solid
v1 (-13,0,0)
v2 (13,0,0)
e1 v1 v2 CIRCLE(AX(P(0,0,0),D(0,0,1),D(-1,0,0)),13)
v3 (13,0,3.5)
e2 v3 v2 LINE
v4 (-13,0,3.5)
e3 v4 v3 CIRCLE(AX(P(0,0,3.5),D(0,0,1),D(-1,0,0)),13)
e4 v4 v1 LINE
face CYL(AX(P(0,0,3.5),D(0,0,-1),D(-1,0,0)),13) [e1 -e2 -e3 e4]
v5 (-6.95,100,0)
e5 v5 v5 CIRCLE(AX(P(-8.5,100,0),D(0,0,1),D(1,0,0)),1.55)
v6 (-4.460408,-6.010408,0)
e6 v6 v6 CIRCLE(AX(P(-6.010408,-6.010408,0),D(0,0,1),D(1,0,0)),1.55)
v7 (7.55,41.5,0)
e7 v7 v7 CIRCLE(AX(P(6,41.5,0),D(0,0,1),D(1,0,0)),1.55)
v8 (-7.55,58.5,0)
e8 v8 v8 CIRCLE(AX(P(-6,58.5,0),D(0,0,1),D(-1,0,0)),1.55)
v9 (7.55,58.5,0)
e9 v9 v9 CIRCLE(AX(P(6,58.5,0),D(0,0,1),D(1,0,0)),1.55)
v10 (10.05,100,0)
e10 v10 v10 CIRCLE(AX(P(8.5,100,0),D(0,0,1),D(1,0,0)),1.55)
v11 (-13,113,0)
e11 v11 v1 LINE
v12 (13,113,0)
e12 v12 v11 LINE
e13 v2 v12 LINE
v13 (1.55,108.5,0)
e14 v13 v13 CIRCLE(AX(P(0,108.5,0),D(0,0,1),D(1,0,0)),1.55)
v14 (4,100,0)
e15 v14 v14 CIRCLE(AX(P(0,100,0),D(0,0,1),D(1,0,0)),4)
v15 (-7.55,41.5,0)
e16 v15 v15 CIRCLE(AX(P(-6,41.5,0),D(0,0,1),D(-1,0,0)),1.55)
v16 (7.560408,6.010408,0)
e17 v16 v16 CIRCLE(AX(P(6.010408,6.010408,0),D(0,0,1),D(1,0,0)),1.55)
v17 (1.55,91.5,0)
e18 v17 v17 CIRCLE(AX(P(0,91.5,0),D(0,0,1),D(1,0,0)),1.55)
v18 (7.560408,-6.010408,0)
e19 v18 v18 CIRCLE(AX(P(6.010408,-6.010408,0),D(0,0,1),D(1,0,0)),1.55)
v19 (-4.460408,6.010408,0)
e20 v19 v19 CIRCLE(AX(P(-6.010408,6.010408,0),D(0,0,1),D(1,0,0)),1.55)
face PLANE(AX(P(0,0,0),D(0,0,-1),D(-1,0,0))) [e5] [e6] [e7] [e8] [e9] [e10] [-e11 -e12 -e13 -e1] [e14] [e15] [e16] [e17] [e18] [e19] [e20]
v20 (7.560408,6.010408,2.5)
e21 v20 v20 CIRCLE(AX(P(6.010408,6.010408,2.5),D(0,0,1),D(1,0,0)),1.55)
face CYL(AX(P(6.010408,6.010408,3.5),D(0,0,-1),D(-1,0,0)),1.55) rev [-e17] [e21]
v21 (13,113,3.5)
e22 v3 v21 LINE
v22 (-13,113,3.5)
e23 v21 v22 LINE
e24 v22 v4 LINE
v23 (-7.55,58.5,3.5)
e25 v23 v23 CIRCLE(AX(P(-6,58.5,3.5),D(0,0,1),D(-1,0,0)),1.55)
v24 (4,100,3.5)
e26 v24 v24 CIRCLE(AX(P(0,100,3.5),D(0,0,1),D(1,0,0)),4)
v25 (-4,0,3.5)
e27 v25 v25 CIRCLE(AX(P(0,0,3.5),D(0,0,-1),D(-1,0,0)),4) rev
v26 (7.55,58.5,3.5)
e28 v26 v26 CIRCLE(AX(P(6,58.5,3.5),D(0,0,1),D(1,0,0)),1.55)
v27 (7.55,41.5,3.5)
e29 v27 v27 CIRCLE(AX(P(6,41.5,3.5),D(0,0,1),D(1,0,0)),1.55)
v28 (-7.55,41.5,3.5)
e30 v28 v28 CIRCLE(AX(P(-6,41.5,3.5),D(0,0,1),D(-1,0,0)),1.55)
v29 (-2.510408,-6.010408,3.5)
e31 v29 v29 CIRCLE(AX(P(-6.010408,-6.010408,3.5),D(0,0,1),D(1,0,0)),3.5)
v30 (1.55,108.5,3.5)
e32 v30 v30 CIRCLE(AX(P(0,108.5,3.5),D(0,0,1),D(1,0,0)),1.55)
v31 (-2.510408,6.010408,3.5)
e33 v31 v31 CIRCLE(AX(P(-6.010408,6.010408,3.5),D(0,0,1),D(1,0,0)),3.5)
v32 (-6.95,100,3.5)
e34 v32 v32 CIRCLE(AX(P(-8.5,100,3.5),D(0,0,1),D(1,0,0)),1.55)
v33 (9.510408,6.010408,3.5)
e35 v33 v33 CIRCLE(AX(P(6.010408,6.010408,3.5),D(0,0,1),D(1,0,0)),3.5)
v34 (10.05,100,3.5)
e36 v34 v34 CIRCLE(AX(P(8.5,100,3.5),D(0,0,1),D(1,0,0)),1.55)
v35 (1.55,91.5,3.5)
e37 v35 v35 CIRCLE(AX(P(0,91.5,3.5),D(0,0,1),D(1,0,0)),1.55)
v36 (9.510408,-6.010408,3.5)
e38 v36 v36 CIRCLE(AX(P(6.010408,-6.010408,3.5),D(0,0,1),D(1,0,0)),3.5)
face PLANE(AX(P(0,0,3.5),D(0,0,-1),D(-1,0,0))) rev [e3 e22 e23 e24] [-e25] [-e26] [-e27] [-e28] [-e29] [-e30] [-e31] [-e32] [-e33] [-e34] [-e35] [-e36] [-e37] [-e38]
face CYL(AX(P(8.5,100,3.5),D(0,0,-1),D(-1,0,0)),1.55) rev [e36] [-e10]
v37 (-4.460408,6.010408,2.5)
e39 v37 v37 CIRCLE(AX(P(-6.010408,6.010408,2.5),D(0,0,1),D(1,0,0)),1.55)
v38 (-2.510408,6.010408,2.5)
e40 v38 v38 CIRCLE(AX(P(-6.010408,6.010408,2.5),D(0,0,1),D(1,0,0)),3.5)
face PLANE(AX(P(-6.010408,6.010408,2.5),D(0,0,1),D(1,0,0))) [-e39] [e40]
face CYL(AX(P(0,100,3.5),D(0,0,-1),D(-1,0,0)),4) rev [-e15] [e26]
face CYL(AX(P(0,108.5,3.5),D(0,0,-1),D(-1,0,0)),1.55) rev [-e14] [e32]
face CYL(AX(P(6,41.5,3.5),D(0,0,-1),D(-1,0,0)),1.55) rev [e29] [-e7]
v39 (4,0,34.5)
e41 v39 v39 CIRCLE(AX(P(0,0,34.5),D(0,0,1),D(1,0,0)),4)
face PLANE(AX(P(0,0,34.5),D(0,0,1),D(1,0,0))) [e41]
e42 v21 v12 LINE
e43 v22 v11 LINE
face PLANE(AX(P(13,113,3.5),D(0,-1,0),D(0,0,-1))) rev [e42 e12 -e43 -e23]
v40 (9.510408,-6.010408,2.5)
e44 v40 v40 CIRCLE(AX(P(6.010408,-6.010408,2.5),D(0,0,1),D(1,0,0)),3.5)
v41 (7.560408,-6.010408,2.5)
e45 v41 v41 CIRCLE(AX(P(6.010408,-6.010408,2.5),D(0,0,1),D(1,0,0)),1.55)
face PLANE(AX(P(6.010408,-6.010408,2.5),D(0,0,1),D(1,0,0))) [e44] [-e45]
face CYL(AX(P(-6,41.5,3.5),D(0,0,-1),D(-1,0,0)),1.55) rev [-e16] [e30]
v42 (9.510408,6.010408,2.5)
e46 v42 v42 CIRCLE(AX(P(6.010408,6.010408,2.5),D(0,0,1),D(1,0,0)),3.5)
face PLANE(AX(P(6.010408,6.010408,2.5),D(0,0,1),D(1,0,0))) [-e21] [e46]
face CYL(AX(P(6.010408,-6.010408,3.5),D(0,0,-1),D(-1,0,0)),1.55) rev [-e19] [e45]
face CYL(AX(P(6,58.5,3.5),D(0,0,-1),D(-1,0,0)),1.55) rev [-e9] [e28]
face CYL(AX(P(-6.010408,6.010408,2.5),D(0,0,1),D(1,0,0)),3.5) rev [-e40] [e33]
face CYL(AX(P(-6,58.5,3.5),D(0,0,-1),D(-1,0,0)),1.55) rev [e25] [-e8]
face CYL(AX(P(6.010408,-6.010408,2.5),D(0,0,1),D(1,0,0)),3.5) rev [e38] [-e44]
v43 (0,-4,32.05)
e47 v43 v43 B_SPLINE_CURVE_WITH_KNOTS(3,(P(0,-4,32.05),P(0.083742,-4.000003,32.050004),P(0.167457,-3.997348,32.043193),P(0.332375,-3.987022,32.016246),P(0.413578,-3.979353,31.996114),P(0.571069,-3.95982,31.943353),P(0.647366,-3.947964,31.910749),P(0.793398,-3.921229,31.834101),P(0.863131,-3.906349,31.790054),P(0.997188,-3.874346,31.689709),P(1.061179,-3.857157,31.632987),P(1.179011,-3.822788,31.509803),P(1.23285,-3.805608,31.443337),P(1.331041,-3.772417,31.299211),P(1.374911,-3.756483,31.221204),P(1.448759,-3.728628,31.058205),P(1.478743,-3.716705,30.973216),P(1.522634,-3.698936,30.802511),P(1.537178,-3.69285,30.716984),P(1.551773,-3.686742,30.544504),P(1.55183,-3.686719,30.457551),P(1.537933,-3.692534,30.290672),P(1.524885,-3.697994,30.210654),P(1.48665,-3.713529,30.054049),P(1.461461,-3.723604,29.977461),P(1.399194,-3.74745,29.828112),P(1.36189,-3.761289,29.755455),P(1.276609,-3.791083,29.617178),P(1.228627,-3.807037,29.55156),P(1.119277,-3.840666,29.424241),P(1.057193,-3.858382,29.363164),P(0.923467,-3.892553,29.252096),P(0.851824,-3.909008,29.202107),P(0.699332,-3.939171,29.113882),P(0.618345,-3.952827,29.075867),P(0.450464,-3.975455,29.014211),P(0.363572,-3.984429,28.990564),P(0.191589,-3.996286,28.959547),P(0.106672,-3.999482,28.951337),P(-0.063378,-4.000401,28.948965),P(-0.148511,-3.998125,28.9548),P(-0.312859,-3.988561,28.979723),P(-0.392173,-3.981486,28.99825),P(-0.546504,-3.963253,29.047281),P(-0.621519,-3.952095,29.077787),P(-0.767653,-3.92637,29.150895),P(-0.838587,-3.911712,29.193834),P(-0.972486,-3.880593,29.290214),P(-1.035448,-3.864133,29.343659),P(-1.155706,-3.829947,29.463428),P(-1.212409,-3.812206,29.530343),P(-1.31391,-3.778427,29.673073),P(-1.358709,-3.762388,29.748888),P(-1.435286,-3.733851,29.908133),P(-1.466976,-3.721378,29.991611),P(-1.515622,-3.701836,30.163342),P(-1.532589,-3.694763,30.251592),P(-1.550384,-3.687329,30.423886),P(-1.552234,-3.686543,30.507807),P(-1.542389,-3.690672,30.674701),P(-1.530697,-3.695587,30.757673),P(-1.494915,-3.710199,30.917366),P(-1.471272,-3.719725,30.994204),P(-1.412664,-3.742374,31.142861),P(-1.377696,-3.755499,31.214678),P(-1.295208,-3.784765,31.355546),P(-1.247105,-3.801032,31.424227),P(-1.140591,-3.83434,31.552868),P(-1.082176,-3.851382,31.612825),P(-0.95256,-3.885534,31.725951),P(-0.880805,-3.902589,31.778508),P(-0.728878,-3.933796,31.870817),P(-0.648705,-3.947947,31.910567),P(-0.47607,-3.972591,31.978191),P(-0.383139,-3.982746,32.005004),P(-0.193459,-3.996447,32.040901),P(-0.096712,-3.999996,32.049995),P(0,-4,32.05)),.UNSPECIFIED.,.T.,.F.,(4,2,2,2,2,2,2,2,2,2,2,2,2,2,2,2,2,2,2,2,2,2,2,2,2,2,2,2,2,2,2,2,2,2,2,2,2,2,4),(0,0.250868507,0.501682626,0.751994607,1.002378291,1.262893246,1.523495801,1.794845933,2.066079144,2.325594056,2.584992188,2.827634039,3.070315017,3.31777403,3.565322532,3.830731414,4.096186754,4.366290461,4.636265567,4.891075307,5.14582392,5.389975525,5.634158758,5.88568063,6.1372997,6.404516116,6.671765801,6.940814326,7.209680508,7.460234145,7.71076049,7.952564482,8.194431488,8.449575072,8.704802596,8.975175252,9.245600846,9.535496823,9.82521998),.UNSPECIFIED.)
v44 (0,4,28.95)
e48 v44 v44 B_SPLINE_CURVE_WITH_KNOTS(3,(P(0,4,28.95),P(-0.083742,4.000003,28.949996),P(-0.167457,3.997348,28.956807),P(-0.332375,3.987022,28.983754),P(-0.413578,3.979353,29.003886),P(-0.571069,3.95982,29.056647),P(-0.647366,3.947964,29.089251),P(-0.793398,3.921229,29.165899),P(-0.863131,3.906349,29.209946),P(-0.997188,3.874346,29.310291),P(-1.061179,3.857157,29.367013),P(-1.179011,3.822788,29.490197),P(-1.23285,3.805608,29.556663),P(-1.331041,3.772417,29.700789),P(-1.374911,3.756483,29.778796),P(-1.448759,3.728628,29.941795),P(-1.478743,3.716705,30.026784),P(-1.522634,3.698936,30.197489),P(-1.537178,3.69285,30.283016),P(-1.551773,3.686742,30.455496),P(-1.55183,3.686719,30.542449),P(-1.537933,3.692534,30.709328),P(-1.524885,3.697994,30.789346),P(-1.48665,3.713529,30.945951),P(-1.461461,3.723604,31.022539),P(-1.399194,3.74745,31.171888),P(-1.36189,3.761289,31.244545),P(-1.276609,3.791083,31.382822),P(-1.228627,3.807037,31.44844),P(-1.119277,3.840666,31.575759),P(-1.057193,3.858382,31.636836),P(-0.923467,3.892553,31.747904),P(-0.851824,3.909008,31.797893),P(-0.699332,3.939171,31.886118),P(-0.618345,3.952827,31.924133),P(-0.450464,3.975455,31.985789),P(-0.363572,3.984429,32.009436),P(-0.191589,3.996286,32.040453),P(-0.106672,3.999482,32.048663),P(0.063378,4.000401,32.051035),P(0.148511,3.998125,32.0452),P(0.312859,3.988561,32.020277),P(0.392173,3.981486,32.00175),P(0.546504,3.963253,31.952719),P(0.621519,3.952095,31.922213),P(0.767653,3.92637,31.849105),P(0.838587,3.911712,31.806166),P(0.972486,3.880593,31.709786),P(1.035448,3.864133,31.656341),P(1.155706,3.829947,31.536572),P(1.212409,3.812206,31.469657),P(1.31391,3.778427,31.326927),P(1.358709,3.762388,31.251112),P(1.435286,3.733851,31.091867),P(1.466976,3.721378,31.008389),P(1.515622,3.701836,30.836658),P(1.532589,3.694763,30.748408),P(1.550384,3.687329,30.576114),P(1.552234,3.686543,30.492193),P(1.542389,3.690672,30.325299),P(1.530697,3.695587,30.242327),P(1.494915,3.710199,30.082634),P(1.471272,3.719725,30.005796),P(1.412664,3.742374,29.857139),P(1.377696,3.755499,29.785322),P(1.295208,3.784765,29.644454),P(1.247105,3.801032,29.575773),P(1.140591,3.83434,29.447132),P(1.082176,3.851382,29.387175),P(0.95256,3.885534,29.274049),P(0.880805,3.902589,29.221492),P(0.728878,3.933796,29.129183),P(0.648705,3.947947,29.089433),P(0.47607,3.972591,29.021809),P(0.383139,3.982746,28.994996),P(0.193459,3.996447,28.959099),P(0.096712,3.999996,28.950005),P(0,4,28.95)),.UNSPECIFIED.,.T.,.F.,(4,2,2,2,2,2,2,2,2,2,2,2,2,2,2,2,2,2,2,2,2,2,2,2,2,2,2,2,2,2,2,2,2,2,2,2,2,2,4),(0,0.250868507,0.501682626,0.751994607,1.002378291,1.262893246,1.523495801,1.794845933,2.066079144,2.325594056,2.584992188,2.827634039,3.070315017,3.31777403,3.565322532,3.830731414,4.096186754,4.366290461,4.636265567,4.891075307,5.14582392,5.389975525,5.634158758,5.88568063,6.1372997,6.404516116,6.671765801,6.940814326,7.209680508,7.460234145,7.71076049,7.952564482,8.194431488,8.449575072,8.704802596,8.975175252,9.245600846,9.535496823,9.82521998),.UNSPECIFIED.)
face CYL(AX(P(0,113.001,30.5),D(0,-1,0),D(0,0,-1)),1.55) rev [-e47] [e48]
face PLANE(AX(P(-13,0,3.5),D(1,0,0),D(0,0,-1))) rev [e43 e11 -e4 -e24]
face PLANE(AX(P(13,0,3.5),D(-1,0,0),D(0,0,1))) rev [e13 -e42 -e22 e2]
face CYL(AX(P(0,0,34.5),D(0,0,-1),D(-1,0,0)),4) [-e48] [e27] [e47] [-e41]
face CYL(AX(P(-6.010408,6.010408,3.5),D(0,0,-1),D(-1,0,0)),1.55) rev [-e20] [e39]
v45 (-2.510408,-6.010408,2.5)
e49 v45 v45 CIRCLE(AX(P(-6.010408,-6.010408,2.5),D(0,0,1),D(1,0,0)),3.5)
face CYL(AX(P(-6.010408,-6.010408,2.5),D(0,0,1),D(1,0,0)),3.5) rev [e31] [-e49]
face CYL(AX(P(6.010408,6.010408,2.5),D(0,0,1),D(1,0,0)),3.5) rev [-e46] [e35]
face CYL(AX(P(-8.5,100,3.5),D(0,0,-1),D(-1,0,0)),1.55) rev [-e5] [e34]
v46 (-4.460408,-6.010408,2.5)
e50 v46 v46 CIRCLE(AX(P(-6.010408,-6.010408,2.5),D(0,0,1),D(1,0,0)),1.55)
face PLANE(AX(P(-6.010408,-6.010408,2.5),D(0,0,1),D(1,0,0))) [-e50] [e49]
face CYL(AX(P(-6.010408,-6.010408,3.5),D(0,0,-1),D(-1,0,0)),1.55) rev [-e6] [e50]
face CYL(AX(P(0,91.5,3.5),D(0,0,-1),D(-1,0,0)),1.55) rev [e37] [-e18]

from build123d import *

# Parameters (mm, degrees)
SKETCH1_R                           = 1.55
SKETCH1_R_2                         = 4
BOSS_EXTRUDE1_DEPTH                 = 3.5
SKETCH2_R                           = 4
BOSS_EXTRUDE2_DEPTH                 = 31
SKETCH3_R                           = 3.5
CUT_EXTRUDE1_DEPTH                  = 1
CUT_EXTRUDE2_REACH                  = 120.862
CUT_EXTRUDE2_END_RADIUS             = 4
SKETCH4_R                           = 1.55
CUT_EXTRUDE2_DIRECTION_2_REACH      = 120.862
CUT_EXTRUDE2_DIRECTION_2_END_RADIUS = 4


with BuildPart() as part:
    # Sketch1 → Boss-Extrude1 (new body)
    with BuildSketch(Plane.XY):
        with BuildLine():
            Line((13, 0), (13, 113))
            Line((13, 113), (-13, 113))
            Line((-13, 113), (-13, 0))
            ThreePointArc((-13, 0), (0, -13), (13, 0))
        make_face()
        with Locations((6.01040764, 6.01040764)):
            Circle(SKETCH1_R, mode=Mode.SUBTRACT)
        with Locations((6.01040764, -6.01040764)):
            Circle(SKETCH1_R, mode=Mode.SUBTRACT)
        with Locations((-6.01040764, -6.01040764)):
            Circle(SKETCH1_R, mode=Mode.SUBTRACT)
        with Locations((-6.01040764, 6.01040764)):
            Circle(SKETCH1_R, mode=Mode.SUBTRACT)
        with Locations((0, 100)):
            Circle(SKETCH1_R_2, mode=Mode.SUBTRACT)
        with Locations((0, 108.5)):
            Circle(SKETCH1_R, mode=Mode.SUBTRACT)
        with Locations((8.5, 100)):
            Circle(SKETCH1_R, mode=Mode.SUBTRACT)
        with Locations((0, 91.5)):
            Circle(SKETCH1_R, mode=Mode.SUBTRACT)
        with Locations((-8.5, 100)):
            Circle(SKETCH1_R, mode=Mode.SUBTRACT)
        with Locations((6, 58.5)):
            Circle(SKETCH1_R, mode=Mode.SUBTRACT)
        with Locations((6, 41.5)):
            Circle(SKETCH1_R, mode=Mode.SUBTRACT)
        with Locations((-6, 58.5)):
            Circle(SKETCH1_R, mode=Mode.SUBTRACT)
        with Locations((-6, 41.5)):
            Circle(SKETCH1_R, mode=Mode.SUBTRACT)
    extrude(amount=BOSS_EXTRUDE1_DEPTH)

    # Sketch2 → Boss-Extrude2 (add)
    with BuildSketch(Plane.XY.offset(3.5)):
        Circle(SKETCH2_R)
    extrude(amount=BOSS_EXTRUDE2_DEPTH)

    # Sketch3 → Cut-Extrude1 (cut)
    with BuildSketch(Plane.XY.offset(3.5)):
        with Locations((-6.01040764, 6.01040764)):
            Circle(SKETCH3_R)
        with Locations((6.01040764, 6.01040764)):
            Circle(SKETCH3_R)
        with Locations((6.01040764, -6.01040764)):
            Circle(SKETCH3_R)
        with Locations((-6.01040764, -6.01040764)):
            Circle(SKETCH3_R)
    extrude(amount=-CUT_EXTRUDE1_DEPTH, mode=Mode.SUBTRACT)

    # Cut-Extrude2: up to this cylinder (the profile starts inside it)
    cut_extrude2_end = Plane(origin=(0, 0, 30.5), z_dir=(0, 0, -1)) * Cylinder(CUT_EXTRUDE2_END_RADIUS, 250.724, mode=Mode.PRIVATE)
    # Sketch4 → Cut-Extrude2 (cut, up to the surface)
    with BuildSketch(Plane(origin=(0, 0, 0), x_dir=(0, 0, -1), z_dir=(0, -1, 0)), mode=Mode.PRIVATE) as cut_extrude2_sk1:
        with Locations((-30.5, 0)):
            Circle(SKETCH4_R)
    cut_extrude2_tool1 = extrude(cut_extrude2_sk1.sketch, amount=-CUT_EXTRUDE2_REACH, mode=Mode.PRIVATE) & cut_extrude2_end
    add(cut_extrude2_tool1.solids().sort_by_distance((0, 0, 30.5))[0], mode=Mode.SUBTRACT)

    # Cut-Extrude2 direction 2: up to this cylinder (the profile starts inside it)
    cut_extrude2_direction_2_end = Plane(origin=(0, 0, 30.5), z_dir=(0, 0, -1)) * Cylinder(CUT_EXTRUDE2_DIRECTION_2_END_RADIUS, 250.724, mode=Mode.PRIVATE)
    # Sketch4 → Cut-Extrude2 direction 2 (cut, up to the surface)
    with BuildSketch(Plane(origin=(0, 0, 0), x_dir=(0, 0, -1), z_dir=(0, -1, 0)), mode=Mode.PRIVATE) as cut_extrude2_direction_2_sk1:
        with Locations((-30.5, 0)):
            Circle(SKETCH4_R)
    cut_extrude2_direction_2_tool1 = extrude(cut_extrude2_direction_2_sk1.sketch, amount=CUT_EXTRUDE2_DIRECTION_2_REACH, mode=Mode.PRIVATE) & cut_extrude2_direction_2_end
    add(cut_extrude2_direction_2_tool1.solids().sort_by_distance((0, 0, 30.5))[0], mode=Mode.SUBTRACT)


solid = part.part
